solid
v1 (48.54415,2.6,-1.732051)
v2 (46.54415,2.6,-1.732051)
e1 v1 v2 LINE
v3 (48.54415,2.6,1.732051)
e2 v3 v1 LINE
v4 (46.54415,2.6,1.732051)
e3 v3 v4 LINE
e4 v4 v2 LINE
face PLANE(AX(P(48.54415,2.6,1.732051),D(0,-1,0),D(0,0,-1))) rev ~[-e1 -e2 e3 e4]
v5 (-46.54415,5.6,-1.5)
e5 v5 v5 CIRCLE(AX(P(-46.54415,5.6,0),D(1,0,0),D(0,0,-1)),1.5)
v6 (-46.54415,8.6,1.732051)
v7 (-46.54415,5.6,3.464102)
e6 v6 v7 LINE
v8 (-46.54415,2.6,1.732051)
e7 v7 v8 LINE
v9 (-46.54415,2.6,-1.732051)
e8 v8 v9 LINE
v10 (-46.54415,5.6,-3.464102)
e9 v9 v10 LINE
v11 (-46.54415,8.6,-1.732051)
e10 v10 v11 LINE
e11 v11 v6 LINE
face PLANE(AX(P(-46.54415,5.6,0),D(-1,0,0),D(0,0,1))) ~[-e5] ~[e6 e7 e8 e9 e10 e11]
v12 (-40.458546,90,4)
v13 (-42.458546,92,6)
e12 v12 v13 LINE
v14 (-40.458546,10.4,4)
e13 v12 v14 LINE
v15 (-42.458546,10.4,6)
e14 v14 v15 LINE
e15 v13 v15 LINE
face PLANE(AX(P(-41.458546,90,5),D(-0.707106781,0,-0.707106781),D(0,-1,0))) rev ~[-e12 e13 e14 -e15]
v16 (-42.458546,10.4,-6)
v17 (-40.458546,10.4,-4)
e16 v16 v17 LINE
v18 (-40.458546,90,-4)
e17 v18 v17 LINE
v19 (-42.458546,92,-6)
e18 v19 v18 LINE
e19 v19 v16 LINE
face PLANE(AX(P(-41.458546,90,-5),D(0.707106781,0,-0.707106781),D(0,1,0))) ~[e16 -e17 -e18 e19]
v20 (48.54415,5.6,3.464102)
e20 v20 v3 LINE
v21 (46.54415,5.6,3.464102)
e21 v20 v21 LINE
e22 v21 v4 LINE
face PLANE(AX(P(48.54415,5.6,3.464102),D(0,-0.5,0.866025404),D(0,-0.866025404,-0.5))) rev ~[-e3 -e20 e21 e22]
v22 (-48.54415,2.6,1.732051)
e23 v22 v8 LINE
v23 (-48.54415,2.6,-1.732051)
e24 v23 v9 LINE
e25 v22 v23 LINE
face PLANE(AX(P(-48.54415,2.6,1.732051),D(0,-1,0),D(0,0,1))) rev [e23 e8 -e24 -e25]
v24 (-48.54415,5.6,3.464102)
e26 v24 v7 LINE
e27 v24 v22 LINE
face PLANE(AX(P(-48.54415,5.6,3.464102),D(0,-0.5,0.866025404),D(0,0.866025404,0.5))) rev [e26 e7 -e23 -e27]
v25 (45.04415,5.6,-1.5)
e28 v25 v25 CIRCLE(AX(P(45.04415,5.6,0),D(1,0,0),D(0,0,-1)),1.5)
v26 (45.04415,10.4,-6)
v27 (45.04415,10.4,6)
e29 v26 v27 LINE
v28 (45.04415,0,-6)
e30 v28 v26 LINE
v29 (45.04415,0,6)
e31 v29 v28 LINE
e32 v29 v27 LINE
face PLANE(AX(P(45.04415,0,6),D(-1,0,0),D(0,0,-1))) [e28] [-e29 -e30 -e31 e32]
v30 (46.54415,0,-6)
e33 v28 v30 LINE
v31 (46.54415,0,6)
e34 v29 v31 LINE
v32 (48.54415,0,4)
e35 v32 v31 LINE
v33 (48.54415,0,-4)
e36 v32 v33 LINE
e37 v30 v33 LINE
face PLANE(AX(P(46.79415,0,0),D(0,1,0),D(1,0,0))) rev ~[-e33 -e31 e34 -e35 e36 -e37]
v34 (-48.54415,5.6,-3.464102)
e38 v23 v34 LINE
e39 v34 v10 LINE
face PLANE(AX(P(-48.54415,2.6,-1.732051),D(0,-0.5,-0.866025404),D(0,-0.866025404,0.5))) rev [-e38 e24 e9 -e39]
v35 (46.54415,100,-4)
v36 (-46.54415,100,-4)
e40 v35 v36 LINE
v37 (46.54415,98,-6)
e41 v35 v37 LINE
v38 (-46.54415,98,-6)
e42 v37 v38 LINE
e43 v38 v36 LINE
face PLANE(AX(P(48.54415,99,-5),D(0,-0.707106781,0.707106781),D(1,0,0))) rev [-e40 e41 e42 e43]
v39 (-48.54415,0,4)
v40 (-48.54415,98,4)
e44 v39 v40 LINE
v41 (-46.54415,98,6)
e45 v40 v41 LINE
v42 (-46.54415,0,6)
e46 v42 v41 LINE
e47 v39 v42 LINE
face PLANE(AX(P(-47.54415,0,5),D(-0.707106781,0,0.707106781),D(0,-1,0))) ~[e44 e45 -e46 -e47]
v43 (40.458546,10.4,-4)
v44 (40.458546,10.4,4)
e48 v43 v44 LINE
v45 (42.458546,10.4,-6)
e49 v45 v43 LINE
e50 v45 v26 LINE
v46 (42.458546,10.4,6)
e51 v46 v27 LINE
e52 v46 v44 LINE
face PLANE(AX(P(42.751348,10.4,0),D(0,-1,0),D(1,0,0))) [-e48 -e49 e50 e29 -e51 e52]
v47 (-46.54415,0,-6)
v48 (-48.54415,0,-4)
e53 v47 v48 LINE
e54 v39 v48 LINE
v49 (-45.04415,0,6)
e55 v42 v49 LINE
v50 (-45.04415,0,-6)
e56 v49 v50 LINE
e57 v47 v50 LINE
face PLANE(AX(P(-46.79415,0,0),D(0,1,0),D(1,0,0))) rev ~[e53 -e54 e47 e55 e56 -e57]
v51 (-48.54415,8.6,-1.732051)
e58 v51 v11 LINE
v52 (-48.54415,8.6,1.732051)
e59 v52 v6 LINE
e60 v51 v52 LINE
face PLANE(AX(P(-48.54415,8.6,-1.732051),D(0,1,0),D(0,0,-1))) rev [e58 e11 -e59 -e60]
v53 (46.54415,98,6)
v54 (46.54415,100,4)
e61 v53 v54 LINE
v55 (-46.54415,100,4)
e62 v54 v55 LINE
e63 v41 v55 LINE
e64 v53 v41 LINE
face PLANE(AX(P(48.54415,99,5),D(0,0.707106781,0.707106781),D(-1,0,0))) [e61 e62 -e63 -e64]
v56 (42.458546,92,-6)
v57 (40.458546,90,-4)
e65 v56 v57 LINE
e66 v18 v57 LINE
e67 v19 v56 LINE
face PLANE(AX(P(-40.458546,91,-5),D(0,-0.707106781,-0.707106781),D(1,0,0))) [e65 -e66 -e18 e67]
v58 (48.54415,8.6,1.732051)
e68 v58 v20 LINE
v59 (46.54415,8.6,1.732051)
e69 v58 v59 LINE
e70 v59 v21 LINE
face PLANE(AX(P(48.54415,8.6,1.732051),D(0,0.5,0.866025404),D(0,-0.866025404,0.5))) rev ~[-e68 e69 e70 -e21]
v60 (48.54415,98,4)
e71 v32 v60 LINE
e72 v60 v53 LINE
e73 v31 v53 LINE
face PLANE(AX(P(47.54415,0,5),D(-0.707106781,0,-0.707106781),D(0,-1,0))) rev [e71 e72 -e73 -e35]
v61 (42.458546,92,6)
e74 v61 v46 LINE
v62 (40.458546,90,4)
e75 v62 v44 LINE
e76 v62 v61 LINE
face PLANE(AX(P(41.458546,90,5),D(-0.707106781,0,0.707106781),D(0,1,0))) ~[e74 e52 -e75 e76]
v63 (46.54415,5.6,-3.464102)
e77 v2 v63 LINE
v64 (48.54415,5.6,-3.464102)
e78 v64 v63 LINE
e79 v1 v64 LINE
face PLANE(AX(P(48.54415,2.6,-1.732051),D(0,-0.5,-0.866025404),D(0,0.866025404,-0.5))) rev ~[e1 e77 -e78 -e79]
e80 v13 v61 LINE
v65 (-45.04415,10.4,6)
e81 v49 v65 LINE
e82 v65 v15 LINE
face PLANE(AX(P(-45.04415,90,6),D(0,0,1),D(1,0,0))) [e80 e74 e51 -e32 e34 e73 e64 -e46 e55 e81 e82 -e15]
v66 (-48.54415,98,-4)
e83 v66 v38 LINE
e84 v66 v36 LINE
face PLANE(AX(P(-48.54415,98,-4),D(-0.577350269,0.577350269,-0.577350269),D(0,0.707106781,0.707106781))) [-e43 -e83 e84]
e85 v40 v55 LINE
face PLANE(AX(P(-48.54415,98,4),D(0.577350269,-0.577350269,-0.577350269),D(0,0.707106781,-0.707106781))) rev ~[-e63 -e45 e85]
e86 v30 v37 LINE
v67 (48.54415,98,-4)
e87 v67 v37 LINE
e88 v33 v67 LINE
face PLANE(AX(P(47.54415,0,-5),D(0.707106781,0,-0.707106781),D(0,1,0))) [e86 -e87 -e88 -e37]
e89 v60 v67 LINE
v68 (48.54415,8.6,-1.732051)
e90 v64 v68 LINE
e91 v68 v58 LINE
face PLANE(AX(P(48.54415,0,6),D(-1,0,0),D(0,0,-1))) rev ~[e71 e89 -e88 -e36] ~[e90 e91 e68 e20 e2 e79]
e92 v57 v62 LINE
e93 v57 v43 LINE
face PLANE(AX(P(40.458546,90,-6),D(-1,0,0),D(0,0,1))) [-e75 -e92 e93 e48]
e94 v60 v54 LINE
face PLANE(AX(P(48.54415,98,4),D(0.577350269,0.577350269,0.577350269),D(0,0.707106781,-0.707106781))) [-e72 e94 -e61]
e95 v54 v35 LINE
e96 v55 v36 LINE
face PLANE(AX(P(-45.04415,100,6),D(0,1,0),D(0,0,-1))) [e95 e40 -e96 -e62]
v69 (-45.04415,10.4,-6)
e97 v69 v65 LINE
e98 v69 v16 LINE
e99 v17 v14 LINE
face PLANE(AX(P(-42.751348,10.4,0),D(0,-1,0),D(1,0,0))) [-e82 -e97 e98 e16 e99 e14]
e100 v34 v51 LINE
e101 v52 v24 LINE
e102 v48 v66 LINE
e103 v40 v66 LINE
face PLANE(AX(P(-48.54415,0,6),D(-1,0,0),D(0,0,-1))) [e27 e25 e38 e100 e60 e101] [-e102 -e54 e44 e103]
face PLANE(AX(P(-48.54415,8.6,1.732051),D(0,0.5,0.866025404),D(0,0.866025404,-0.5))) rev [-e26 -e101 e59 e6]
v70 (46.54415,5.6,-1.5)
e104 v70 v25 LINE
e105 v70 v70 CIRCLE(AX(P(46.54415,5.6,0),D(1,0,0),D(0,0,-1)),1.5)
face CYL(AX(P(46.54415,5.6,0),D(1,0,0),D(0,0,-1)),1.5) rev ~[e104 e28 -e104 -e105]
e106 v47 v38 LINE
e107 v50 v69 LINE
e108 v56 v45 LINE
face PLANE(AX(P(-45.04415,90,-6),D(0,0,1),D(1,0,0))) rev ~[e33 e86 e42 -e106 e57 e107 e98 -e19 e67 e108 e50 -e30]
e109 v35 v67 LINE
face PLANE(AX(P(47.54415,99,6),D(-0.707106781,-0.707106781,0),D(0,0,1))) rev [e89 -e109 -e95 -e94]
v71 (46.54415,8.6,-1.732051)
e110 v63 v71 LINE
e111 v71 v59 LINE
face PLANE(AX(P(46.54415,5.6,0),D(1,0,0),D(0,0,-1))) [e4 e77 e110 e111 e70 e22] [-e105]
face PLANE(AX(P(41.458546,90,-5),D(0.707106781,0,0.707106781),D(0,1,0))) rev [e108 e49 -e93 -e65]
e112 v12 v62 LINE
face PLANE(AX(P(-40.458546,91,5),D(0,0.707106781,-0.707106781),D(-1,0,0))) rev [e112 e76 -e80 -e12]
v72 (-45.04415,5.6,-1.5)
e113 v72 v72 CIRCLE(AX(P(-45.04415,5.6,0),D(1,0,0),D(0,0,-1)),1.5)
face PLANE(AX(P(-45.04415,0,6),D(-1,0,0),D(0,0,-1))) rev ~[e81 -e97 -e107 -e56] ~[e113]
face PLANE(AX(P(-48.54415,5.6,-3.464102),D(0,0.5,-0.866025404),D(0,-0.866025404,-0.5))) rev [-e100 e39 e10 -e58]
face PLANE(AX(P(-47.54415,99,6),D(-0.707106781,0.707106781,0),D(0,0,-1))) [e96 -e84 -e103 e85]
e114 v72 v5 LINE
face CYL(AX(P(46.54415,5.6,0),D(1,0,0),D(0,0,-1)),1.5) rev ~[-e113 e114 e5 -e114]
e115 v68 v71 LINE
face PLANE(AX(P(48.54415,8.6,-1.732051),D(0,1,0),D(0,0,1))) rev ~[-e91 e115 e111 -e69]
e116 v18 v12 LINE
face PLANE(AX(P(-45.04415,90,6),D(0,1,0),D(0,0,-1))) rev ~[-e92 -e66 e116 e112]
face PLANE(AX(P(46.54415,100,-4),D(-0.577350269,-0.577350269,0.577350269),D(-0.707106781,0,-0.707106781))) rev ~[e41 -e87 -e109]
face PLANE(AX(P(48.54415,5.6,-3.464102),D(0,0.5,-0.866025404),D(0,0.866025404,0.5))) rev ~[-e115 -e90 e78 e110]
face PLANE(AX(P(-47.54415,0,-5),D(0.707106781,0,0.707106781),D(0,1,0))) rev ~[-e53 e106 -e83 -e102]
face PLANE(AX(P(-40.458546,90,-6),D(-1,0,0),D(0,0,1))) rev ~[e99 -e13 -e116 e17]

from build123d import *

# Parameters (mm, degrees)
SKETCH1_W             = 3.5
SKETCH1_H             = 12
BOSS_EXTRUDE1_DEPTH   = 100
BOSS_EXTRUDE1_2_DEPTH = 100
SKETCH2_W             = 12
SKETCH2_H             = 10
BOSS_EXTRUDE2_DEPTH   = 90.08829946
SKETCH3_W             = 4.58560389
SKETCH3_H             = 12
BOSS_EXTRUDE3_DEPTH   = 79.6
CHAMFER6_SIZE         = 2
CUT_EXTRUDE1_DEPTH    = 2
CUT_EXTRUDE2_REACH    = 140.122
SKETCH5_R             = 1.5


with BuildPart() as part:
    # Sketch1 → Boss-Extrude1 (new body)
    with BuildSketch(Plane(origin=(0, 0, 0), x_dir=(1, 0, 0), z_dir=(0, 1, 0))):
        with Locations((-46.79414973, 0)):
            Rectangle(SKETCH1_W, SKETCH1_H)
    extrude(amount=BOSS_EXTRUDE1_DEPTH)



with BuildPart() as body_2:
    # Sketch1 → Boss-Extrude1 2 (new body)
    with BuildSketch(Plane(origin=(0, 0, 0), x_dir=(1, 0, 0), z_dir=(0, 1, 0))):
        with Locations((46.79414973, 0)):
            Rectangle(SKETCH1_W, SKETCH1_H)
    extrude(amount=BOSS_EXTRUDE1_2_DEPTH)


with BuildPart() as part_1:
    add(part.part)

    add(body_2.part)  # Boss-Extrude2 merges body 2
    # Sketch2 → Boss-Extrude2 (add)
    with BuildSketch(Plane(origin=(-45.04414973, 0, 0), x_dir=(0, 0, -1), z_dir=(1, 0, 0))):
        with Locations((0, 95)):
            Rectangle(SKETCH2_W, SKETCH2_H)
    extrude(amount=BOSS_EXTRUDE2_DEPTH)

    # Sketch3 → Boss-Extrude3 (add)
    with BuildSketch(Plane.XZ.offset(-90)):
        with Locations((-42.751347785, 0)):
            Rectangle(SKETCH3_W, SKETCH3_H)
        with Locations((42.751347785, 0)):
            Rectangle(SKETCH3_W, SKETCH3_H)
    extrude(amount=BOSS_EXTRUDE3_DEPTH)

    # Chamfer6
    chamfer6_edges = [part_1.edges().sort_by_distance(p)[0] for p in [
        (0, 100, 6),
        (48.54414973, 50, 6),
        (48.54414973, 50, -6),
        (48.54414973, 100, 0),
        (0, 100, -6),
        (-40.45854584, 50.2, -6),
        (-40.45854584, 50.2, 6),
        (0, 90, 6),
        (0, 90, -6),
        (40.45854584, 50.2, 6),
        (40.45854584, 50.2, -6),
        (-48.54414973, 50, 6),
        (-48.54414973, 50, -6),
        (-48.54414973, 100, 0),
    ]]
    chamfer(chamfer6_edges, length=CHAMFER6_SIZE)

    # Sketch4 → Cut-Extrude1 (cut)
    with BuildSketch(Plane(origin=(48.54414973, 0, 0), x_dir=(0, 0, -1), z_dir=(1, 0, 0))):
        Polygon((3.464101615, 5.6), (1.732050808, 8.6), (-1.732050808, 8.6), (-3.464101615, 5.6), (-1.732050808, 2.6), (1.732050808, 2.6), align=None)
    cut_extrude1 = extrude(amount=-CUT_EXTRUDE1_DEPTH, mode=Mode.SUBTRACT)

    # Mirror1: Cut-Extrude1 across plane
    add(cut_extrude1.mirror(Plane(origin=(0, 0, 0), x_dir=(0, 0, 1), z_dir=(1, 0, 0))), mode=Mode.SUBTRACT)

    # Cut-Extrude2: up to this face of the body (flat: up to its plane)
    cut_extrude2_end = Plane(part_1.part.faces().sort_by_distance((-46.54414973, 5.6, 0))[0])
    # Sketch5 → Cut-Extrude2 (cut, up to the picked face)
    with BuildSketch(Plane(origin=(46.54414973, 0, 0), x_dir=(0, 0, -1), z_dir=(1, 0, 0)), mode=Mode.PRIVATE) as cut_extrude2_sk1:
        with Locations((0, 5.6)):
            Circle(SKETCH5_R)
    cut_extrude2_tool1 = split(extrude(cut_extrude2_sk1.sketch, amount=-CUT_EXTRUDE2_REACH, mode=Mode.PRIVATE), bisect_by=cut_extrude2_end, keep=Keep.BOTH, mode=Mode.PRIVATE)
    add(cut_extrude2_tool1.solids().sort_by(Axis((46.54415, 5.6, 0), (-1, 0, 0)))[0], mode=Mode.SUBTRACT)


solid = part_1.part
